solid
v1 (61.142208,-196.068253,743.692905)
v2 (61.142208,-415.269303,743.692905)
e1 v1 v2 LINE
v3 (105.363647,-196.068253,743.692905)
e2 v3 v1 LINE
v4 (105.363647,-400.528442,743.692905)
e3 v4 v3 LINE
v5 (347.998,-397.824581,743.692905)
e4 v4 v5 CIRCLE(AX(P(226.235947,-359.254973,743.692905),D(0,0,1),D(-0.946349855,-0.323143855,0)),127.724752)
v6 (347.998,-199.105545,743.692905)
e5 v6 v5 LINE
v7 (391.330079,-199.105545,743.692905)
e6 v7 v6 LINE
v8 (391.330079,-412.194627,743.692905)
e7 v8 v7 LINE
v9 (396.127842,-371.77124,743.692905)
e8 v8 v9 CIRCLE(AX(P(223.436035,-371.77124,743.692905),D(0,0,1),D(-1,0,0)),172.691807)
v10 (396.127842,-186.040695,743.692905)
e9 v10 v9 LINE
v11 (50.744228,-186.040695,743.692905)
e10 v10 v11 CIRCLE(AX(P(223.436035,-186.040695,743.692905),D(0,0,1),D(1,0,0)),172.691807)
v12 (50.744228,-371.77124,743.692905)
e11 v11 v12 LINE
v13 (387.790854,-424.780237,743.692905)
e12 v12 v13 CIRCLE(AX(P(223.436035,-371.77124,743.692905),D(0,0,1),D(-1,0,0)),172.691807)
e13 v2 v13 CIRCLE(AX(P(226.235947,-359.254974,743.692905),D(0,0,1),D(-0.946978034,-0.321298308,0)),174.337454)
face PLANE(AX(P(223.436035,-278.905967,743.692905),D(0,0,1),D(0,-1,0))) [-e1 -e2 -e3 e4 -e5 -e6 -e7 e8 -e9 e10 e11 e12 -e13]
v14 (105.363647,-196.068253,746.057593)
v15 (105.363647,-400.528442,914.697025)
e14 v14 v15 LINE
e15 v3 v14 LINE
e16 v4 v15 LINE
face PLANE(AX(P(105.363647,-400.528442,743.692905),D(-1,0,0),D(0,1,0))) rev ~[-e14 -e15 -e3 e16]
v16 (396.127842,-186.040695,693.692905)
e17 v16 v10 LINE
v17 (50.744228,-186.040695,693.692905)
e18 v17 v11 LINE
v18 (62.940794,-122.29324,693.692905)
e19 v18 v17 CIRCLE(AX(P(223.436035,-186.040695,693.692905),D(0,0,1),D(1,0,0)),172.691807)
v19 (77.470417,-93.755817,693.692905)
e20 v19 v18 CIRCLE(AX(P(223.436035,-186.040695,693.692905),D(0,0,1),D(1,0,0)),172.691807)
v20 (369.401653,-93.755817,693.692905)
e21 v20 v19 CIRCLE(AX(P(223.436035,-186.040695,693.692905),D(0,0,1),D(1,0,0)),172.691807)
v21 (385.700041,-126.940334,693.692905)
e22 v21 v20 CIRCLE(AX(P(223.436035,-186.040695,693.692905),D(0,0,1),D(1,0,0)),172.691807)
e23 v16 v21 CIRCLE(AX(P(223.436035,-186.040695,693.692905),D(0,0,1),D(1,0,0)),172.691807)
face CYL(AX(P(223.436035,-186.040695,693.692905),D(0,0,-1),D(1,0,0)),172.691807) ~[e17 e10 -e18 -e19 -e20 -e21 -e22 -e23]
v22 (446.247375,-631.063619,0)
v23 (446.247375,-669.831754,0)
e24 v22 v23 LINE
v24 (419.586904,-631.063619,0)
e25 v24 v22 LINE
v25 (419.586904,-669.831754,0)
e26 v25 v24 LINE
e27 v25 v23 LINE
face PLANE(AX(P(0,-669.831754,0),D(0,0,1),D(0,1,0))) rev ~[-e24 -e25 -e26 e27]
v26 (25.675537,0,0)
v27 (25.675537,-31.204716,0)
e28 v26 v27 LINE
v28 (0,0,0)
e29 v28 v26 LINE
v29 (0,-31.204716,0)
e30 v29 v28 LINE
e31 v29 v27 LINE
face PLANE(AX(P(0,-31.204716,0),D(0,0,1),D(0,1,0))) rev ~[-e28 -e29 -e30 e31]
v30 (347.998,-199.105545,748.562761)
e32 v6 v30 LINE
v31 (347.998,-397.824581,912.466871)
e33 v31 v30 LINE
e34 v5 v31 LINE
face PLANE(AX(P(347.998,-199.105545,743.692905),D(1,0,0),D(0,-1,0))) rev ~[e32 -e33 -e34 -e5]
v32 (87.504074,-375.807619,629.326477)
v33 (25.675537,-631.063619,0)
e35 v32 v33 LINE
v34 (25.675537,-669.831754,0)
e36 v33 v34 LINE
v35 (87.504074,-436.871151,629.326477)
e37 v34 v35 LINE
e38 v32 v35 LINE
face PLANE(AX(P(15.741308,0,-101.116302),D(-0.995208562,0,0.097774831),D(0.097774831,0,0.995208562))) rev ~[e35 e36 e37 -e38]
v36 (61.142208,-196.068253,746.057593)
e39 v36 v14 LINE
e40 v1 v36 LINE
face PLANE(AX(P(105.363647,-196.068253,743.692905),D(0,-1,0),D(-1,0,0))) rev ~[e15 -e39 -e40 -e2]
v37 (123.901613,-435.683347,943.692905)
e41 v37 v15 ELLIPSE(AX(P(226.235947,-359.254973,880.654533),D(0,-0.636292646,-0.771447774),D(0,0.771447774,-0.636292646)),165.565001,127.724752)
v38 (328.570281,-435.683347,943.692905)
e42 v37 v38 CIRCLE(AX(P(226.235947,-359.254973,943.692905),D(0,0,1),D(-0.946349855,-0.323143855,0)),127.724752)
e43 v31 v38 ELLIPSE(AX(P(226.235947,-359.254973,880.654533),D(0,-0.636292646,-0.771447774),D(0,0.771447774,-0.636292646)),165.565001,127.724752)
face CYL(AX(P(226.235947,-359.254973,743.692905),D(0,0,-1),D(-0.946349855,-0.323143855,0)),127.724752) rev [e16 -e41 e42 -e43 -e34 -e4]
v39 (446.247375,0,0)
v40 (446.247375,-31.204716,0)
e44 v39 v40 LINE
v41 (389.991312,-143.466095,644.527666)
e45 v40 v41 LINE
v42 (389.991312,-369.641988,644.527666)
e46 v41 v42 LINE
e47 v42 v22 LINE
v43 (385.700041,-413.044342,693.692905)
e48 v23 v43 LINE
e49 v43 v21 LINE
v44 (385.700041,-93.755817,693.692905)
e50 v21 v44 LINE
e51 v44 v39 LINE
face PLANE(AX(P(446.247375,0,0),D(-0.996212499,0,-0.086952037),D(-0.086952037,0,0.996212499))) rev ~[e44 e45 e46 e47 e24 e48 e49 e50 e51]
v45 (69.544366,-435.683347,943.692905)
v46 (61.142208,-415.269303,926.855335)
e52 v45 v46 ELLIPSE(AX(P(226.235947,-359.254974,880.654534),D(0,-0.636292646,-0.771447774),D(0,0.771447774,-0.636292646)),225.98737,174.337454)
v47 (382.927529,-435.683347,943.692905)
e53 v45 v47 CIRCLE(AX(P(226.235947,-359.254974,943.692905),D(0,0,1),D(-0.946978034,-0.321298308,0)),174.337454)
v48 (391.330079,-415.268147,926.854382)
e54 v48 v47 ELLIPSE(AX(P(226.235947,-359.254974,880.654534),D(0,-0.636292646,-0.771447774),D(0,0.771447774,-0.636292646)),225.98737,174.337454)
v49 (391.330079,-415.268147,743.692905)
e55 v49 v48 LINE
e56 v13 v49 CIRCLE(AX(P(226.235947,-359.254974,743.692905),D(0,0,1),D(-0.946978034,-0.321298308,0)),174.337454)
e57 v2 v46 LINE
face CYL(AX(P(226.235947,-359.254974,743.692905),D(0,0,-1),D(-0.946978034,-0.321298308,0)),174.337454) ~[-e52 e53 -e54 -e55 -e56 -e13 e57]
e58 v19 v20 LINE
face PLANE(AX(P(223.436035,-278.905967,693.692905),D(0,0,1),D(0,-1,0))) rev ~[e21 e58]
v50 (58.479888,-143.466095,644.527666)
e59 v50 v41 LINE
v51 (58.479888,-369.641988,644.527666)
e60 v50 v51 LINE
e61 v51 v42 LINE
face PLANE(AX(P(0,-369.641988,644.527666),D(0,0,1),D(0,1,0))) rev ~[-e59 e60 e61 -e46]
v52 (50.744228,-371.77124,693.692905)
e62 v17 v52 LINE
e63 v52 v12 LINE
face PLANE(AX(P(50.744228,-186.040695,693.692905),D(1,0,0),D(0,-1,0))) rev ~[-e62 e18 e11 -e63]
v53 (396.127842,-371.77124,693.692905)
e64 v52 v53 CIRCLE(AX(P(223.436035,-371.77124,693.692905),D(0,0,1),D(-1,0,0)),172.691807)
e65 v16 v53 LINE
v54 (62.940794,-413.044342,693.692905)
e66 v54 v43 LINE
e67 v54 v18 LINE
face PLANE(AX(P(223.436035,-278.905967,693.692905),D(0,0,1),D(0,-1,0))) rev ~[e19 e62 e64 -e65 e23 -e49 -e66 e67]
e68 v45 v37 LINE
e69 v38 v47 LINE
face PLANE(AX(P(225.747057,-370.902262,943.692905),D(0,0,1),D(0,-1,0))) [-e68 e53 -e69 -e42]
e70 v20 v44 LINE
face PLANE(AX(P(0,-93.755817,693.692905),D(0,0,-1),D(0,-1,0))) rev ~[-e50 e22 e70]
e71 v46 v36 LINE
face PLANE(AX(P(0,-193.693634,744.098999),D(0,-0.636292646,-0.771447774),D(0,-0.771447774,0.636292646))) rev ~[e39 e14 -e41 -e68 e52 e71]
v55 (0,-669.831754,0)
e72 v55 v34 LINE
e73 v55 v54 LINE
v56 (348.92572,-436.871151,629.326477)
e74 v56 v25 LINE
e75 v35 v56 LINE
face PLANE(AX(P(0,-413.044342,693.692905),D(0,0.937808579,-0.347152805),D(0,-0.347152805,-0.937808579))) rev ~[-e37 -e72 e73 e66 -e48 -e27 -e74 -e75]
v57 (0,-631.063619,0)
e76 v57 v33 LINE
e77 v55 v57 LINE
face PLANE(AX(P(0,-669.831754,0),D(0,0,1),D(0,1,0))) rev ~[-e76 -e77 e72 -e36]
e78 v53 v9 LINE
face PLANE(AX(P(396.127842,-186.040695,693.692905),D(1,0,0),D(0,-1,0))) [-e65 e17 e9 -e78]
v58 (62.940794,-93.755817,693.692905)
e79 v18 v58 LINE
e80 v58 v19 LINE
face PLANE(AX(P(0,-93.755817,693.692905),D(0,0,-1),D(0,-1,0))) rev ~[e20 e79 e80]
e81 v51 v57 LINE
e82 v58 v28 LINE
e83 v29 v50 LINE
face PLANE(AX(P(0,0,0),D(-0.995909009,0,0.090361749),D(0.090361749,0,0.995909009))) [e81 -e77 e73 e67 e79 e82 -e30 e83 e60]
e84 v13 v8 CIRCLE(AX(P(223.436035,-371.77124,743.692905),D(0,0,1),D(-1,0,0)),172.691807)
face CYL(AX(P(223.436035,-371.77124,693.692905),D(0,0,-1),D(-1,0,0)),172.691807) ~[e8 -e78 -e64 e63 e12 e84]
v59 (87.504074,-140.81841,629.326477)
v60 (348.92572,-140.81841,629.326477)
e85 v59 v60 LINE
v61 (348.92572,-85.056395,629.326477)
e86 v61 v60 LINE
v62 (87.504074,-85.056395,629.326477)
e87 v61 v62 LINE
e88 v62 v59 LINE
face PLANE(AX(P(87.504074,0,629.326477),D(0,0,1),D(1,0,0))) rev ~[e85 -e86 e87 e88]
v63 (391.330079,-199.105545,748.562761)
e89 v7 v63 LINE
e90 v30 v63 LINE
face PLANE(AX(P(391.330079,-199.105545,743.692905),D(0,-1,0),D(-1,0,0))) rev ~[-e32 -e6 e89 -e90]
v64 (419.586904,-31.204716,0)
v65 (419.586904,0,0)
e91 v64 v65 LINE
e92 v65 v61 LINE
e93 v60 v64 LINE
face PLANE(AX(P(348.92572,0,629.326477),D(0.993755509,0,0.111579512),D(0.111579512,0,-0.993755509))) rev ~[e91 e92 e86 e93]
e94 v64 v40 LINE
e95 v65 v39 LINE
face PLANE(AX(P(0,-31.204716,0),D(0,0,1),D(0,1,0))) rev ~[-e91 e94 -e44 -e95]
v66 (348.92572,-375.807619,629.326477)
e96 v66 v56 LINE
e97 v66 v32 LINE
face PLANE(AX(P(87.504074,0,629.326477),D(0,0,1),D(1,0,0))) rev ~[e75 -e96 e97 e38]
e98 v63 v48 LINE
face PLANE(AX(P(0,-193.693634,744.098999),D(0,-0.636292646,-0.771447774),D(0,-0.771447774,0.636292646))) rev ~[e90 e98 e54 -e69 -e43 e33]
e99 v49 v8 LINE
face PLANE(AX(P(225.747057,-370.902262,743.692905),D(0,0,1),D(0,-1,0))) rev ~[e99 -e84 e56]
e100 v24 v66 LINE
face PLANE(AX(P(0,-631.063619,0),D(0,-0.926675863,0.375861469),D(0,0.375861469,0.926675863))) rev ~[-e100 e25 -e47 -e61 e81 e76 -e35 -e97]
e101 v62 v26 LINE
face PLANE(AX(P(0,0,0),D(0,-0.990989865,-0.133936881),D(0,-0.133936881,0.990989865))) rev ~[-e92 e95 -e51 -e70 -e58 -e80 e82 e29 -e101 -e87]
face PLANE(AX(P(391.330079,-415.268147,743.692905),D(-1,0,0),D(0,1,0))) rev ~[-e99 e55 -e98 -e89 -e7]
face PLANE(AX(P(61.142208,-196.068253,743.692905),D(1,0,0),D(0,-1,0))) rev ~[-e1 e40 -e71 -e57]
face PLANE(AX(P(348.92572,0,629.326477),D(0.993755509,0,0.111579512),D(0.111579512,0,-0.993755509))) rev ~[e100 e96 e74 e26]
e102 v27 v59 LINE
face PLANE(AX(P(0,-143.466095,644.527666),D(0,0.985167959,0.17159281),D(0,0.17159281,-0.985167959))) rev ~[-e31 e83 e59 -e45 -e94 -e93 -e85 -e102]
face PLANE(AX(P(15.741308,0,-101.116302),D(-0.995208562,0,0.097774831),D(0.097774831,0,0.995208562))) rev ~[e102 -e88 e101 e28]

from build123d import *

# Parameters (mm, degrees)
PAD_DEPTH       = 450
POCKET_DEPTH    = 669.832754
POCKET001_DEPTH = 669.832754
PAD001_DEPTH    = 50
PAD002_DEPTH    = 200
POCKET002_DEPTH = 446.248375


with BuildPart() as part:
    # Sketch → Pad (new body)
    with BuildSketch(Plane.YZ):
        Polygon((0, 0), (-93.755817, 693.692905), (-413.044342, 693.692905), (-669.831754, 0), (-631.063619, 0), (-369.641988, 644.527666), (-143.466095, 644.527666), (-31.204716, 0), align=None)
    extrude(amount=PAD_DEPTH)

    # Sketch001 → Pocket (cut, through all)
    with BuildSketch(Plane.XZ):
        Polygon((0, 0), (68.653915, 756.659241), (-58.010685, 756.659241), (-58.010685, 0), align=None)
        Polygon((446.247375, 0), (380.038452, 758.557922), (486.73526, 758.557922), (486.73526, 0), align=None)
    extrude(amount=POCKET_DEPTH, mode=Mode.SUBTRACT)

    # Sketch002 → Pocket001 (cut, through all)
    with BuildSketch(Plane.XZ):
        Polygon((15.741308, -101.116302), (87.504074, 629.326477), (348.92572, 629.326477), (430.940308, -101.116302), align=None)
    extrude(amount=POCKET001_DEPTH, mode=Mode.SUBTRACT)

    # Sketch003 (on Face2 of Pocket001) → Pad001 (join)
    with BuildSketch(Plane(origin=(0, 0, 693.692905), x_dir=(0, -1, 0), z_dir=(0, 0, 1))):
        with BuildLine():
            ThreePointArc((186.040695, 396.127842), (13.348888, 223.436035), (186.040695, 50.744228))
            Line((186.040695, 50.744228), (371.77124, 50.744228))
            ThreePointArc((371.77124, 50.744228), (544.463047, 223.436035), (371.77124, 396.127842))
            Line((186.040695, 396.127842), (371.77124, 396.127842))
        make_face()
    extrude(amount=PAD001_DEPTH)

    # Sketch004 (on Face22 of Pad001) → Pad002 (join)
    with BuildSketch(Plane(origin=(0, 0, 743.692905), x_dir=(0, -1, 0), z_dir=(0, 0, 1))):
        with BuildLine():
            ThreePointArc((415.269303, 61.142208), (533.592428, 226.236558), (415.268147, 391.330079))
            Line((415.268147, 391.330079), (199.105545, 391.330079))
            Line((199.105545, 391.330079), (199.105545, 347.998))
            Line((199.105545, 347.998), (397.824581, 347.998))
            ThreePointArc((400.528442, 105.363647), (486.971795, 227.659194), (397.824581, 347.998))
            Line((400.528442, 105.363647), (196.068253, 105.363647))
            Line((196.068253, 105.363647), (196.068253, 61.142208))
            Line((196.068253, 61.142208), (415.269303, 61.142208))
        make_face()
    extrude(amount=PAD002_DEPTH)

    # Sketch006 → Pocket002 (cut, through all)
    with BuildSketch(Plane.YZ):
        Polygon((-193.693634, 744.098999), (-545.720642, 1034.452026), (-176.155548, 1034.452026), (-176.155548, 744.098999), align=None)
    extrude(amount=POCKET002_DEPTH, mode=Mode.SUBTRACT)


solid = part.part
